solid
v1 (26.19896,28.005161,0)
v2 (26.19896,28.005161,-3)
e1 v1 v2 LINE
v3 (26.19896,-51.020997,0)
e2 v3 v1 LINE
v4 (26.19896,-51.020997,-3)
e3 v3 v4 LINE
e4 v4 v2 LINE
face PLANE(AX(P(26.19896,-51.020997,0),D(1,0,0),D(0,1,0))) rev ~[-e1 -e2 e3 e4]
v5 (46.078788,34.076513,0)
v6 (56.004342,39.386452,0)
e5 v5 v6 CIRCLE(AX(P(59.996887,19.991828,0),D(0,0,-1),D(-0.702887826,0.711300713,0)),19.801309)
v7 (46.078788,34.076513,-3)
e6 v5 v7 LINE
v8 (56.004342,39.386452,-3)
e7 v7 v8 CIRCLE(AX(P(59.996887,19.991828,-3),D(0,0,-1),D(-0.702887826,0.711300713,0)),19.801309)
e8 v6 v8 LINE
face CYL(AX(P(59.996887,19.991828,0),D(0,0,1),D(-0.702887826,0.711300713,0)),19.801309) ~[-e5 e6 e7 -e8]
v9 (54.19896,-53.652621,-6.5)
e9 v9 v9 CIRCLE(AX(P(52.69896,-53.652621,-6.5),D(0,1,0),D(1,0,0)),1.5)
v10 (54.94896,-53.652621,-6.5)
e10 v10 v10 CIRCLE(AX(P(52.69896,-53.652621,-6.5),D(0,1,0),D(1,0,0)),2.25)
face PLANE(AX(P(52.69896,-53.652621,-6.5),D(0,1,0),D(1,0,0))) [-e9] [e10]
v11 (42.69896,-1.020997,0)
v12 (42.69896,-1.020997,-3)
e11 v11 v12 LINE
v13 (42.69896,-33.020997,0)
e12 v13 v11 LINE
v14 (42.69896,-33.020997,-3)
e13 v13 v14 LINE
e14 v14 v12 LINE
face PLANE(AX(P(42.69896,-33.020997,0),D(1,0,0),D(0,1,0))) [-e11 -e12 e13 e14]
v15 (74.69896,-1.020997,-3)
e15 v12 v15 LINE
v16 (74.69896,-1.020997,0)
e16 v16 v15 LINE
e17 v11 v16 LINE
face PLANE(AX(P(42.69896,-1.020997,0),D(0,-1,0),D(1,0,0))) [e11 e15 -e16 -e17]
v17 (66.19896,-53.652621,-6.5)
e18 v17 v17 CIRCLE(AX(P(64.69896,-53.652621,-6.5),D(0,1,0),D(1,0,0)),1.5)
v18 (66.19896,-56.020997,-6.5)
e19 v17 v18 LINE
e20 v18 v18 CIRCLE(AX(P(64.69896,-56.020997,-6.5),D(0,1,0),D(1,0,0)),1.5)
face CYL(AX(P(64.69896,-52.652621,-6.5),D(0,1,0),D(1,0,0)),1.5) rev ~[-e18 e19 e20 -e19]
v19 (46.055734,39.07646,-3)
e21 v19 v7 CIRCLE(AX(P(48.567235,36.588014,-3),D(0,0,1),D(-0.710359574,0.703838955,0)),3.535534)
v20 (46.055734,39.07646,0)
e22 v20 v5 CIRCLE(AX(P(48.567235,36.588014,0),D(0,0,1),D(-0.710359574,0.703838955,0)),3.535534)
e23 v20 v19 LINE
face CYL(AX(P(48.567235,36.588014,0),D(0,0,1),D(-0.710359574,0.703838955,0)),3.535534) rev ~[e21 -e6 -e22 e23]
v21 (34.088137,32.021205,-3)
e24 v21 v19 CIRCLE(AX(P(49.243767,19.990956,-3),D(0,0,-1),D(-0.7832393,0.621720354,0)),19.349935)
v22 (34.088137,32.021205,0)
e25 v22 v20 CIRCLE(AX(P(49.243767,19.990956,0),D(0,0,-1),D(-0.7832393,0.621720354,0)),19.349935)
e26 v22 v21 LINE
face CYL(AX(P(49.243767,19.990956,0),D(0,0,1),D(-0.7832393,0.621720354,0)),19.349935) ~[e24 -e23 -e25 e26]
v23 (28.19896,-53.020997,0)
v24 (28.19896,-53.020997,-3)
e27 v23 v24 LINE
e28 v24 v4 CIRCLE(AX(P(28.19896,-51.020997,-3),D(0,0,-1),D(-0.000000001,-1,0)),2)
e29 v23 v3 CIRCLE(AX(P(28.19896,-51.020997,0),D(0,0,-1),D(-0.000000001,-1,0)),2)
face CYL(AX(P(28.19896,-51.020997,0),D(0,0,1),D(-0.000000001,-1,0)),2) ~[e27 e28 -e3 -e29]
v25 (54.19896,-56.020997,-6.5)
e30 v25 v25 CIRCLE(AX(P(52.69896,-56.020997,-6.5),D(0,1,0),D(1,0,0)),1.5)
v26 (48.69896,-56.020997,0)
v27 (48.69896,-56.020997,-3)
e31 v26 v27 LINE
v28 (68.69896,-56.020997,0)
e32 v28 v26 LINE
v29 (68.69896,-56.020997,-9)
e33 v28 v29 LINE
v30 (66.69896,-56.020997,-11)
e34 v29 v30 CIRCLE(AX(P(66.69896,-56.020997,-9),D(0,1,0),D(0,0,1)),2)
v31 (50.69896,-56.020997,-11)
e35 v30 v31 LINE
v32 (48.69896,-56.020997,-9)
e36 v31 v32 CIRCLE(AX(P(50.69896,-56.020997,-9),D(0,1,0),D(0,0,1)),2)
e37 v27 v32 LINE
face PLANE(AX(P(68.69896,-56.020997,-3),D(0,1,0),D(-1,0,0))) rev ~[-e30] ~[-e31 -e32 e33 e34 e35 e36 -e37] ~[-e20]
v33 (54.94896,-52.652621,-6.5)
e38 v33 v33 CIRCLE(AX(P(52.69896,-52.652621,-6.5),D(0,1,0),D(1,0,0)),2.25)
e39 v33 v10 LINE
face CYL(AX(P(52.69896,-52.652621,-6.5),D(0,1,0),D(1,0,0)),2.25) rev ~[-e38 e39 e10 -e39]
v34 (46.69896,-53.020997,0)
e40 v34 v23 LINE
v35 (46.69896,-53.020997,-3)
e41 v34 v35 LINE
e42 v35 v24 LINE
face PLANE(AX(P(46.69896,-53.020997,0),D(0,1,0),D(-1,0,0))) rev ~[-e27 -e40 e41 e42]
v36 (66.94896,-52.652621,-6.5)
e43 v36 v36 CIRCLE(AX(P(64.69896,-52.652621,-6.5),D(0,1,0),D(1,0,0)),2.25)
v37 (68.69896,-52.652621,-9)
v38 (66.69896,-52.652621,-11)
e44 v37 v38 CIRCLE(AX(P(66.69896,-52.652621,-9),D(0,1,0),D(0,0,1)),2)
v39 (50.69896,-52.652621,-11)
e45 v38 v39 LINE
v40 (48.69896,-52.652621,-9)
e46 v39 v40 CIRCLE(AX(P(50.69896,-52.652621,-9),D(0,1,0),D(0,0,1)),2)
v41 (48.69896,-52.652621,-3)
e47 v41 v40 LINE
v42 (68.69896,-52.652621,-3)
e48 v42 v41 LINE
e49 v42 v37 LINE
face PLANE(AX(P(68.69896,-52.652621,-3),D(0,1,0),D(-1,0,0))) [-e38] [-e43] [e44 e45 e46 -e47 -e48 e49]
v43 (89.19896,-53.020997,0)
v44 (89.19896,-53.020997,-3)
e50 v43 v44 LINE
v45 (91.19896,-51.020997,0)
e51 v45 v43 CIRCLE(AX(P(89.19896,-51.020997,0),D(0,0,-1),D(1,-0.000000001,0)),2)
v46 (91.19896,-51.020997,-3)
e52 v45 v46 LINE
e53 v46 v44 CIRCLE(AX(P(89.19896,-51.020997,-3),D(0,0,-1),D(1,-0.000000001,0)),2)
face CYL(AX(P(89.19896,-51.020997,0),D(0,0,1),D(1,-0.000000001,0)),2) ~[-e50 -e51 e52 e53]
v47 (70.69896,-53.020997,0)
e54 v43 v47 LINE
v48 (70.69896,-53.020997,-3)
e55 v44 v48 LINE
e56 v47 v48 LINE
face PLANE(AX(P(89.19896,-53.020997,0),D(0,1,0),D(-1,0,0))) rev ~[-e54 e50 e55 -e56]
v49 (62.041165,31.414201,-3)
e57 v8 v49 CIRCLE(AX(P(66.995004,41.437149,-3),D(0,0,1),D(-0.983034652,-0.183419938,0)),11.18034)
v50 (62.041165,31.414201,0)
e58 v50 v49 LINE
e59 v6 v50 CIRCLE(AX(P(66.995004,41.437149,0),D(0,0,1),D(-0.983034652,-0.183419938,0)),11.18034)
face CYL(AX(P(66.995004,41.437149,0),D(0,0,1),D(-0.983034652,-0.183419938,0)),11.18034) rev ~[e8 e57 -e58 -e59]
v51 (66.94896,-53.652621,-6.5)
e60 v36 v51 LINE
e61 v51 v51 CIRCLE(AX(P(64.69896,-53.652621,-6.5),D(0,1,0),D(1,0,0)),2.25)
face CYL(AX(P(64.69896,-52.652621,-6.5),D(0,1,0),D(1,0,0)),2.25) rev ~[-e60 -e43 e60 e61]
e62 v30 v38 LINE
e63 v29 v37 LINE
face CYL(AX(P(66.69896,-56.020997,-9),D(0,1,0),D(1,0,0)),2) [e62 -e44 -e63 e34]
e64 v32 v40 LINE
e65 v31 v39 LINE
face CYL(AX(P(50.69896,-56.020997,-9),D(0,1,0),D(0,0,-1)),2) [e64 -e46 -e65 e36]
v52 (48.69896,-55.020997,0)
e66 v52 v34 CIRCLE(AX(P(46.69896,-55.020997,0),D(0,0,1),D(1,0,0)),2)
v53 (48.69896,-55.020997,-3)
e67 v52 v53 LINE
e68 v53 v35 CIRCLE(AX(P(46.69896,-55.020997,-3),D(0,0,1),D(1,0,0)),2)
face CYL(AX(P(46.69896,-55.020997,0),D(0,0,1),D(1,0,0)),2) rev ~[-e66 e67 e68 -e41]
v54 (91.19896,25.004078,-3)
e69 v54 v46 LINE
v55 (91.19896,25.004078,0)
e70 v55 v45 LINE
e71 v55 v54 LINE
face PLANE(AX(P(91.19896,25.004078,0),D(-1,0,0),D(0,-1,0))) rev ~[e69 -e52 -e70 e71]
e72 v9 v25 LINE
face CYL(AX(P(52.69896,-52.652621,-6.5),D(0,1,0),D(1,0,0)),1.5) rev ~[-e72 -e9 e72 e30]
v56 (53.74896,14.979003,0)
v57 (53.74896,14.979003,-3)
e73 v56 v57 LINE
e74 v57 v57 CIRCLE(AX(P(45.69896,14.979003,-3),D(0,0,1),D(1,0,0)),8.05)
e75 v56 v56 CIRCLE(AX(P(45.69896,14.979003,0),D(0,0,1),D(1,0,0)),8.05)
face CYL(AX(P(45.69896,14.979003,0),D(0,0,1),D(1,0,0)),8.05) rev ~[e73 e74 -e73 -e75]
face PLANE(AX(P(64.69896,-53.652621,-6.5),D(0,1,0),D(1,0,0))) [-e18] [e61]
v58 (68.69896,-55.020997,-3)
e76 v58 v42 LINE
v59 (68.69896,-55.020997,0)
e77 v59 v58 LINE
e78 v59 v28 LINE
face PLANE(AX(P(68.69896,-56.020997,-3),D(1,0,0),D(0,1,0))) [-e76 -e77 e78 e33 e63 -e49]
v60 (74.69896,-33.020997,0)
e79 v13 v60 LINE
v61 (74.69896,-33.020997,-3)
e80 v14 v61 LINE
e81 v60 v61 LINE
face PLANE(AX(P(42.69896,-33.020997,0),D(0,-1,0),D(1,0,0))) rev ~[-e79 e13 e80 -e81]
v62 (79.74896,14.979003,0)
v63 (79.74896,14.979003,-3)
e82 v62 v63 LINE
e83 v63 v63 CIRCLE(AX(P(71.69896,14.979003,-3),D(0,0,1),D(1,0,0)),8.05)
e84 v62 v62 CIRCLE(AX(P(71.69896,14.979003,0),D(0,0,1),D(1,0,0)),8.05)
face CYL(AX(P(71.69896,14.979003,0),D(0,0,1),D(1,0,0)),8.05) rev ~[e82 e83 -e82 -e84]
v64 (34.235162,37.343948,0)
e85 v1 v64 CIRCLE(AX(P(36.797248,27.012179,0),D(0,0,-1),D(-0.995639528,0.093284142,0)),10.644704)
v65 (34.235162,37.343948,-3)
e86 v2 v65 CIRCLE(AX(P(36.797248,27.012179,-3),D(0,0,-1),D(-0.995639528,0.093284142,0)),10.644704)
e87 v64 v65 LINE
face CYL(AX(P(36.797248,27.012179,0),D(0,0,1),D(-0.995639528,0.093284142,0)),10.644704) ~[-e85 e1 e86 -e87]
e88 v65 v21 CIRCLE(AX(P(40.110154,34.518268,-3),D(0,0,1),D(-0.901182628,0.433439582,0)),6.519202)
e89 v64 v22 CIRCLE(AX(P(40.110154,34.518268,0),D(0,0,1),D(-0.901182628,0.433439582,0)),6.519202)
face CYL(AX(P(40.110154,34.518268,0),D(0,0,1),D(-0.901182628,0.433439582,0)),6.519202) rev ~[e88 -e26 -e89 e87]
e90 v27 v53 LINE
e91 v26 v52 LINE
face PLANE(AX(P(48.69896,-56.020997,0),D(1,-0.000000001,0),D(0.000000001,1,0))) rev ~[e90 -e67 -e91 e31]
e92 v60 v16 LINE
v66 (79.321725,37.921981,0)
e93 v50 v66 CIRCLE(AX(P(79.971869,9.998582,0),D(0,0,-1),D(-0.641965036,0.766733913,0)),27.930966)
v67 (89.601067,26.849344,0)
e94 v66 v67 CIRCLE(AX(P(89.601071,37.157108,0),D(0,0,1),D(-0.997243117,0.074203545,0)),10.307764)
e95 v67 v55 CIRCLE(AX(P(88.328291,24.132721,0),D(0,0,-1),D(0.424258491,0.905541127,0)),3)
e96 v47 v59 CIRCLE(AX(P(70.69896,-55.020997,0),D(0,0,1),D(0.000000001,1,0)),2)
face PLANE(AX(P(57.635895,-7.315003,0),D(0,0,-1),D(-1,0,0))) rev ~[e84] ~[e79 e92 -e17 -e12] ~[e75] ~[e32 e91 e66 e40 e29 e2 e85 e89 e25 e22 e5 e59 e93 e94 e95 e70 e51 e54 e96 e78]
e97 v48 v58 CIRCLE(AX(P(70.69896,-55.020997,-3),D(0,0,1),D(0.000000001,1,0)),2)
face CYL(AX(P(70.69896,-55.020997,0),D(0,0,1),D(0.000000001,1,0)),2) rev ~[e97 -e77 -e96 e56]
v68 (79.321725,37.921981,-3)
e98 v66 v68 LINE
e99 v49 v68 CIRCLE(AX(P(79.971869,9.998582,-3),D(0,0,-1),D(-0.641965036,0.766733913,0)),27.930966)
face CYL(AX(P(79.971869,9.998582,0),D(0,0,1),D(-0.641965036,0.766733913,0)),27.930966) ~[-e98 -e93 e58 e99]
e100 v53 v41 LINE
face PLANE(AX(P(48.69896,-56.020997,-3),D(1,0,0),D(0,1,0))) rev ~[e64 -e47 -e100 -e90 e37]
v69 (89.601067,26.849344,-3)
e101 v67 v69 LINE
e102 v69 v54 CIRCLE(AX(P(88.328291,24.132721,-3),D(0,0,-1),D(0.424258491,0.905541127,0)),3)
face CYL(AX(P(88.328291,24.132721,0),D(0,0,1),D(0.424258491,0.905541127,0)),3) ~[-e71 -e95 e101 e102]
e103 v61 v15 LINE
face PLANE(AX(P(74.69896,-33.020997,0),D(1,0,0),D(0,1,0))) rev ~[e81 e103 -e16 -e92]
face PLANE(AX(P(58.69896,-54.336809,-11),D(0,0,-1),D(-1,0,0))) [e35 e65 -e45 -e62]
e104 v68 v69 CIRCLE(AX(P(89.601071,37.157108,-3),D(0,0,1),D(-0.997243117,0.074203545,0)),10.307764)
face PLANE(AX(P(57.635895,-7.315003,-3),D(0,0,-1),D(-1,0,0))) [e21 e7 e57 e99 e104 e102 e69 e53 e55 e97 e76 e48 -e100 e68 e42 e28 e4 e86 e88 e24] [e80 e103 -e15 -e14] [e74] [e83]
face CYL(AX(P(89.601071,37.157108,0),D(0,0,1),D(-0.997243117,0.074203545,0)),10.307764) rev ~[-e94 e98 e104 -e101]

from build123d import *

# Parameters (mm, degrees)
MODEL_R                 = 8.05
MODEL_W                 = 32
MODEL_H                 = 32
SALIENTE_EXTRUIR1_DEPTH = 3
CROQUIS2_W              = 20
CROQUIS2_H              = 3.368375984
SALIENTE_EXTRUIR2_DEPTH = 8
CROQUIS3_R              = 1.5
CORTAR_EXTRUIR1_DEPTH   = 4
REDONDEO1_R             = 2
CROQUIS4_R              = 2.25
CORTAR_EXTRUIR2_DEPTH   = 1


with BuildPart() as part:
    # Model → Saliente-Extruir1 (new body)
    with BuildSketch(Plane.XY):
        with BuildLine():
            Line((89.198959582, -53.020997464), (70.698959583, -53.020997464))
            ThreePointArc((70.698959583, -53.020997464), (69.28474602, -53.606783901), (68.698959582, -55.020997464))
            Line((68.698959582, -55.020997464), (68.698959582, -56.020997464))
            Line((68.698959582, -56.020997464), (48.698959582, -56.020997464))
            Line((48.698959582, -56.020997464), (48.698959583, -55.020997464))
            ThreePointArc((48.698959583, -55.020997464), (48.113173145, -53.606783901), (46.698959582, -53.020997464))
            Line((46.698959582, -53.020997464), (28.198959582, -53.020997464))
            ThreePointArc((28.198959582, -53.020997464), (26.78474602, -52.435211026), (26.198959582, -51.020997464))
            Line((26.198959582, -51.020997464), (26.198959582, 28.005161342))
            ThreePointArc((26.198959582, 28.005161342), (28.72866076, 33.955350752), (34.23516159, 37.343947904))
            ThreePointArc((34.23516159, 37.343947904), (33.593436695, 34.698271666), (34.088137303, 32.021205191))
            ThreePointArc((34.088137303, 32.021205191), (39.416934224, 36.659890309), (46.05573433, 39.07646007))
            ThreePointArc((46.05573433, 39.07646007), (45.031738366, 36.571712032), (46.078788199, 34.076513218))
            ThreePointArc((46.078788199, 34.076513218), (50.656295588, 37.451644327), (56.004342405, 39.386451589))
            ThreePointArc((56.004342405, 39.386451589), (58.081757107, 34.687776201), (62.041164818, 31.41420127))
            ThreePointArc((62.041164818, 31.41420127), (70.12810034, 36.137425043), (79.321724733, 37.92198087))
            ThreePointArc((79.321724733, 37.92198087), (82.046795326, 30.144055291), (89.601066614, 26.849344169))
            ThreePointArc((89.601066614, 26.849344169), (90.596172101, 26.096573111), (91.198959583, 25.004077597))
            Line((91.198959583, 25.004077597), (91.198959583, -51.020997464))
            ThreePointArc((91.198959583, -51.020997464), (90.613173145, -52.435211026), (89.198959582, -53.020997464))
        make_face()
        with Locations((71.698959582, 14.979002536)):
            Circle(MODEL_R, mode=Mode.SUBTRACT)
        with Locations((45.698959583, 14.979002536)):
            Circle(MODEL_R, mode=Mode.SUBTRACT)
        with Locations((58.698959582, -17.020997464)):
            Rectangle(MODEL_W, MODEL_H, mode=Mode.SUBTRACT)
    extrude(amount=-SALIENTE_EXTRUIR1_DEPTH)

    # Croquis2 → Saliente-Extruir2 (add)
    with BuildSketch(Plane(origin=(0, 0, -3), x_dir=(-1, 0, 0), z_dir=(0, 0, -1))):
        with Locations((-58.698959582, -54.336809472)):
            Rectangle(CROQUIS2_W, CROQUIS2_H)
    extrude(amount=SALIENTE_EXTRUIR2_DEPTH)

    # Croquis3 → Cortar-Extruir1 (cut)
    with BuildSketch(Plane(origin=(0, -52.65262148, 0), x_dir=(1, 0, 0), z_dir=(0, 1, 0))):
        with Locations((64.698959582, 6.5)):
            Circle(CROQUIS3_R)
        with Locations((52.698959582, 6.5)):
            Circle(CROQUIS3_R)
    extrude(amount=-CORTAR_EXTRUIR1_DEPTH, mode=Mode.SUBTRACT)

    # Redondeo1
    redondeo1_edges = [part.edges().sort_by_distance(p)[0] for p in [
        (48.698959582, -54.336809472, -11),
        (68.698959582, -54.336809472, -11),
    ]]
    fillet(redondeo1_edges, radius=REDONDEO1_R)

    # Croquis4 → Cortar-Extruir2 (cut)
    with BuildSketch(Plane(origin=(0, -52.65262148, 0), x_dir=(1, 0, 0), z_dir=(0, 1, 0))):
        with Locations((52.698959582, 6.5)):
            Circle(CROQUIS4_R)
        with Locations((64.698959582, 6.5)):
            Circle(CROQUIS4_R)
    extrude(amount=-CORTAR_EXTRUIR2_DEPTH, mode=Mode.SUBTRACT)


solid = part.part
